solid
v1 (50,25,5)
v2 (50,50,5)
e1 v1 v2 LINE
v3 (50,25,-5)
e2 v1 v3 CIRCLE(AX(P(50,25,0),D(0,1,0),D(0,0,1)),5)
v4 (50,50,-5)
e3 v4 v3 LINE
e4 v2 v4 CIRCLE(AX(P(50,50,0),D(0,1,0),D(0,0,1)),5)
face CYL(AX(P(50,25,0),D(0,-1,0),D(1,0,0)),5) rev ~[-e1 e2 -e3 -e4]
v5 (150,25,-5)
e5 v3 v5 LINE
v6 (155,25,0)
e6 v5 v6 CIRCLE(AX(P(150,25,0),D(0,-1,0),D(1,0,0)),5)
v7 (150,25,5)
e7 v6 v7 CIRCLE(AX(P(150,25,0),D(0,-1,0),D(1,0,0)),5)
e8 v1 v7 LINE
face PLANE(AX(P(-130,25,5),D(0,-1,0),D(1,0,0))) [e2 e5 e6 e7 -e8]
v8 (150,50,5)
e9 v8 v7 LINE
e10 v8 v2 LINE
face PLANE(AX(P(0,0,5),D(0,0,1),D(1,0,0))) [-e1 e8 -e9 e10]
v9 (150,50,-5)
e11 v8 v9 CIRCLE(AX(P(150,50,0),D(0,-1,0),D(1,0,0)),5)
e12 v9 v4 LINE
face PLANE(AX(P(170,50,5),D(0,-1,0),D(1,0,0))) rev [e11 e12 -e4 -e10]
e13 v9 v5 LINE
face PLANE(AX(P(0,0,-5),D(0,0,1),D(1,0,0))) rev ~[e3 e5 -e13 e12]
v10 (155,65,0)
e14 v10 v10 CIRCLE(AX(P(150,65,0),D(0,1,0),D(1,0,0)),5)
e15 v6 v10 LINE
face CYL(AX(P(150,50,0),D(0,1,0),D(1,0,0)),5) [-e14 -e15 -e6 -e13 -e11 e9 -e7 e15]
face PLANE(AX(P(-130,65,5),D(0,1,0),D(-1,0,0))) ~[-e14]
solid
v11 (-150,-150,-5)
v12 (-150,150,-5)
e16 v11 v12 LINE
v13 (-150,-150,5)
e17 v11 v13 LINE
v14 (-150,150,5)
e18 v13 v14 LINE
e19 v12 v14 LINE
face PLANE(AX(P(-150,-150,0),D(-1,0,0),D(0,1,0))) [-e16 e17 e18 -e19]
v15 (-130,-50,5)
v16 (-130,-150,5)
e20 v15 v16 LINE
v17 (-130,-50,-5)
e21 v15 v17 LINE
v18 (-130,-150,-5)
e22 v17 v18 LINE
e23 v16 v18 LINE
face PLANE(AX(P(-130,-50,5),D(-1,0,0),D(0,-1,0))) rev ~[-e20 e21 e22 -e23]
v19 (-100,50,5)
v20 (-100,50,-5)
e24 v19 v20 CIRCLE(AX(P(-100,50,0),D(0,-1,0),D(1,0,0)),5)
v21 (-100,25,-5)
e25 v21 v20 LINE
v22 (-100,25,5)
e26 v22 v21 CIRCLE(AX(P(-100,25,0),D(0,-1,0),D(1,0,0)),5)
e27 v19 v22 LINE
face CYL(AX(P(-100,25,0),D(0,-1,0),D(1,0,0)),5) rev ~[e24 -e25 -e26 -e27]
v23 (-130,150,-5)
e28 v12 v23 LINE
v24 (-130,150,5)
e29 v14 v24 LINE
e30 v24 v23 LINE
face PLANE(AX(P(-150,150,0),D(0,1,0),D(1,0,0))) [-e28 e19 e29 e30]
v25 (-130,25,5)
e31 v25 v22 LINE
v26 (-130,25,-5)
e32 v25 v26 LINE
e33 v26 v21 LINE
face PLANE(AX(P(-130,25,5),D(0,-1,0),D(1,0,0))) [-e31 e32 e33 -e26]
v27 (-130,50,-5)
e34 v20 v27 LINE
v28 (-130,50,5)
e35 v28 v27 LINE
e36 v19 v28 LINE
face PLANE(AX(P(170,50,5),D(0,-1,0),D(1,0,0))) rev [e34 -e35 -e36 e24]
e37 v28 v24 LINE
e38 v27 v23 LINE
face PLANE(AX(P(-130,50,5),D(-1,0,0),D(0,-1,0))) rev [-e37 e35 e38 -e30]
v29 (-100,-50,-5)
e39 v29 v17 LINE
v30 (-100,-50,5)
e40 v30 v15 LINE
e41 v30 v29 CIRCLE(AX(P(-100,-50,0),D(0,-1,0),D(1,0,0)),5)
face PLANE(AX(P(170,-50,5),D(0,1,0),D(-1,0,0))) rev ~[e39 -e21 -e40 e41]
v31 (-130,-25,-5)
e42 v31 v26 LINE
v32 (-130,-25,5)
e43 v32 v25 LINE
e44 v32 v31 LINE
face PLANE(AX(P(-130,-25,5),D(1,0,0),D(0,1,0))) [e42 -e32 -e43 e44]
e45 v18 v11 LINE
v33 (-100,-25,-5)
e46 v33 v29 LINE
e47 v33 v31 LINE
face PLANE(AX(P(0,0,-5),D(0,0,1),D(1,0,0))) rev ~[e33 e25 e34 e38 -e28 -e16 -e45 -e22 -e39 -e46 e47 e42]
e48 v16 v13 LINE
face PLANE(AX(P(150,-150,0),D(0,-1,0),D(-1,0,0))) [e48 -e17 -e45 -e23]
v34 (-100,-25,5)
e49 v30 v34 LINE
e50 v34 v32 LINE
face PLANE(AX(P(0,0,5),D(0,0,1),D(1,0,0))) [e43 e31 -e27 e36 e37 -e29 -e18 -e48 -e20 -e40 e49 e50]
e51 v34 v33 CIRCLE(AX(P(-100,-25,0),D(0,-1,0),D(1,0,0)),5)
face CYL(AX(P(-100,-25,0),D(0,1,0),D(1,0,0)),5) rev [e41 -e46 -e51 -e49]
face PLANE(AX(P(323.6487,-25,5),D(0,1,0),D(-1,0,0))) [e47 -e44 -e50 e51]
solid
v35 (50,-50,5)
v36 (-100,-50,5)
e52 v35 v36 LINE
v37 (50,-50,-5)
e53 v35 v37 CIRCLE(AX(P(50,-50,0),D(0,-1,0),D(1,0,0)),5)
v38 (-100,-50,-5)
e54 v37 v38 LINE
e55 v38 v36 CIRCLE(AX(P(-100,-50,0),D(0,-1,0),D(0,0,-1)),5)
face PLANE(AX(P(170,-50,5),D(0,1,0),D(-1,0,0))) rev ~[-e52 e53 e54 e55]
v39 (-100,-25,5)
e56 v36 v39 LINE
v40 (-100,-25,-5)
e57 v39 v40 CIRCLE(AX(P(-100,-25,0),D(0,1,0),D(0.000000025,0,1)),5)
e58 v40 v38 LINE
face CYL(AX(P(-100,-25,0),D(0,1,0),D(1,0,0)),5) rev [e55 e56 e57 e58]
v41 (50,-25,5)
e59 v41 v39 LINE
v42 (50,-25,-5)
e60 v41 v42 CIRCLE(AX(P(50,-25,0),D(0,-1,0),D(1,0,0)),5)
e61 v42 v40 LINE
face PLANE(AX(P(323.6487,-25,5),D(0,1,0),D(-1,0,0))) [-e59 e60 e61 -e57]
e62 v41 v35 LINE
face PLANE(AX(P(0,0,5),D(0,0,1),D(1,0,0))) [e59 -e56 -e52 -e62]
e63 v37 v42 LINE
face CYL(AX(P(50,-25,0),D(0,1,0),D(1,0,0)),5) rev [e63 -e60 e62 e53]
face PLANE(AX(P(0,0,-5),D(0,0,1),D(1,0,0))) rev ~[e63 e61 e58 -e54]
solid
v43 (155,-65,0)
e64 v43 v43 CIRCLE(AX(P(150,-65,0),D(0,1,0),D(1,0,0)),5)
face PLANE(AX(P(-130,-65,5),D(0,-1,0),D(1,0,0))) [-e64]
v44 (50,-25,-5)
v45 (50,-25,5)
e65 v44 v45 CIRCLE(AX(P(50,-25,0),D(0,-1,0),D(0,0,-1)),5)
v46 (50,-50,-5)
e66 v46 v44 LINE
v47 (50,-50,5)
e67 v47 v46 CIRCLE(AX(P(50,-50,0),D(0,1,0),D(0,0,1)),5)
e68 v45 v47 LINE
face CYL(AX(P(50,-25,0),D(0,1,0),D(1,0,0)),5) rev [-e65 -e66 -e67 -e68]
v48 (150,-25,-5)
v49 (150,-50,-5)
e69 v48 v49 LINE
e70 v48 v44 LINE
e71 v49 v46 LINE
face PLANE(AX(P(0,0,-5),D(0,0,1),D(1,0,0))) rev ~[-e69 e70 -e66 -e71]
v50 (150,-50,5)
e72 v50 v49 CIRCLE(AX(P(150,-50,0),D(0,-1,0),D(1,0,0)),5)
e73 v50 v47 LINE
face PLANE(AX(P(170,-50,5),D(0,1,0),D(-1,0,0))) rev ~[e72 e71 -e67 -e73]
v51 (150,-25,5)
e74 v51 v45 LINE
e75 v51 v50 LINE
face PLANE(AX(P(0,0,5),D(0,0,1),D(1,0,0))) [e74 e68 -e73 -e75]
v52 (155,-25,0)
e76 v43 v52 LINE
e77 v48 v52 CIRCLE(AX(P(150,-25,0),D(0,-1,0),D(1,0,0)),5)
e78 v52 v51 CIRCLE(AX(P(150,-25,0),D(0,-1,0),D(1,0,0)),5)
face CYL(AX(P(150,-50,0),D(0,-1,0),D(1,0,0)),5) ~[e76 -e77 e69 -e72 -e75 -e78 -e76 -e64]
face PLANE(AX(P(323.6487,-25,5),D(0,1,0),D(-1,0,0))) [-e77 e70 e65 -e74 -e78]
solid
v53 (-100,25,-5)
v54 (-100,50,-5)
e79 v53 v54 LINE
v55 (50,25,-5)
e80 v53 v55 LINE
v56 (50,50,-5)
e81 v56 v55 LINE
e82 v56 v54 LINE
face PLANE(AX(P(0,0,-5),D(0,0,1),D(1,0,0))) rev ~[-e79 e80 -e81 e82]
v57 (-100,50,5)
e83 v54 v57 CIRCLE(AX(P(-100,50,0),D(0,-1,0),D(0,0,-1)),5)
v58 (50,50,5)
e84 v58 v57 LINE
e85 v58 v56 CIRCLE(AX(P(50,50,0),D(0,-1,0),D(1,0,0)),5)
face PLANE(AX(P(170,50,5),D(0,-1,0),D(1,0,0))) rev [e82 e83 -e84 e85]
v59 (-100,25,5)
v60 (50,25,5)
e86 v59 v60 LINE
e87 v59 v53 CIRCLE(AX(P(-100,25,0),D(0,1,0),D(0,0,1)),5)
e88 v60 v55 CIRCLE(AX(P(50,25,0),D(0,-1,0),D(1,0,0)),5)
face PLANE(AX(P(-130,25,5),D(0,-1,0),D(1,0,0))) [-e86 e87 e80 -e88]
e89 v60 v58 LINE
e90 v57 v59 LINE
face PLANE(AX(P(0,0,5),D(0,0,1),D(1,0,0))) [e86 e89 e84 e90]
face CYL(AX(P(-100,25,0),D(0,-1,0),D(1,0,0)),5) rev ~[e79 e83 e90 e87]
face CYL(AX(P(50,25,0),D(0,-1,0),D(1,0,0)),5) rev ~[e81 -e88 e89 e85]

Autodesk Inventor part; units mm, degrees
ref_plane "YZ Plane" through (0, 0, 0) normal (1, 0, 0) x (0, 1, 0)
ref_plane "XZ Plane" through (0, 0, 0) normal (0, 1, 0) x (-1, 0, 0)
ref_plane "XY Plane" through (0, 0, 0) normal (0, 0, 1) x (1, 0, 0)
sketch "Sketch1" plane through (0, 0, 0) normal (0, 0, 1) x (1, 0, 0)
  line L0 (-150, 150) -> (150, 150)
  line L1 (150, 150) -> (150, -150)
  line L2 (150, -150) -> (-150, -150)
  line L3 (-150, -150) -> (-150, 150)
  point P0 (0, 0)
  dimension "d0" = 300
  dimension "d1" = 300
  dimension "d2" = 150
  dimension "d3" = 150
extrude "Extrusion1" add sketch "Sketch1" along normal mid plane 10
sketch "Sketch2" plane through (0, 0, 5) normal (0, 0, 1) x (1, 0, 0)
  line L0 (-130, 25) -> (323.6487, 25)
  line L1 (323.6487, 25) -> (323.6487, -25)
  line L2 (323.6487, -25) -> (-130, -25)
  line L3 (-130, -25) -> (-130, 25)
  point P0 (0, 0)
  dimension "d6" = 50
  dimension "d7" = 25
  dimension "d8" = 130
extrude "Extrusion2" cut sketch "Sketch2" against normal blind 10
sketch "Sketch3" plane through (0, 0, 5) normal (0, 0, 1) x (1, 0, 0)
  line L0 (170, -50) -> (-130, -50)
  line L1 (-130, -50) -> (-130, -158.2485)
  line L2 (-130, -158.2485) -> (170, -158.2485)
  line L3 (170, -158.2485) -> (170, -50)
  line L4 (150, -25) -> (-130, -25) projected
  point P0 (0, 0)
  dimension "d11" = 300
  dimension "d12" = 130
  dimension "d13" = 25
extrude "Extrusion3" cut sketch "Sketch3" against normal blind 10
mirror "Mirror1" about plane through (0, 0, 0) normal (0, 1, 0) of "Extrusion3"
sketch "Sketch4" plane through (-130, -50, 5) normal (0, -1, 0) x (1, 0, 0)
  point P0 (130, -5)
sketch "Sketch5" plane through (-130, -50, 5) normal (0, -1, 0) x (1, 0, 0)
  point P0 (130, -5)
sketch "Sketch6" plane through (-130, -50, 5) normal (0, -1, 0) x (1, 0, 0)
  point P0 (130, -5)
sketch "Sketch7" plane through (-130, 25, 5) normal (0, -1, 0) x (1, 0, 0)
  circle A0 centre (30, -5) radius 5
  line L0 (0, -10) -> (280, -10) projected
  point P0 (130, -5)
  dimension "d16" = 100
  dimension "d17" = 10
extrude "Extrusion4" cut sketch "Sketch7" against normal up to surface (25 mm away)
mirror "Mirror2" about plane through (0, 0, 0) normal (0, 1, 0) of "Extrusion4"
sketch "Sketch8" plane through (-130, -50, 5) normal (0, -1, 0) x (1, 0, 0)
  line L0 (280, 0) -> (280, -10) projected
  circle A0 centre (280, -5) radius 5
  line L1 (0, 0) -> (280, 0) projected
  point P0 (130, -5)
extrude "Extrusion5" add sketch "Sketch8" along normal blind 15
sketch "Sketch9" plane through (-130, -50, 5) normal (0, 1, 0) x (1, 0, 0)
  line L0 (280, 10) -> (280, 0) projected
  circle A0 centre (280, 5) radius 5
  point P0 (130, 5)
extrude "Extrusion6" add sketch "Sketch9" along normal up to surface (25 mm away)
mirror "Mirror3" about plane through (0, 0, 0) normal (0, 1, 0) of "Extrusion5", "Extrusion6"
sketch "Sketch10" plane through (-100, 25, 0) normal (0, -1, 0) x (1, 0, 0)
  circle A0 centre (150, 0) radius 5
  line L0 (0, 5) -> (250, 5) projected
  point P0 (100, 0)
  dimension "d24" = 50
extrude "Extrusion7" cut sketch "Sketch10" against normal up to surface (25 mm away)
mirror "Mirror4" about plane through (0, 0, 0) normal (0, 1, 0) of "Extrusion7"
properties part number "base" material "Stainless Steel"
